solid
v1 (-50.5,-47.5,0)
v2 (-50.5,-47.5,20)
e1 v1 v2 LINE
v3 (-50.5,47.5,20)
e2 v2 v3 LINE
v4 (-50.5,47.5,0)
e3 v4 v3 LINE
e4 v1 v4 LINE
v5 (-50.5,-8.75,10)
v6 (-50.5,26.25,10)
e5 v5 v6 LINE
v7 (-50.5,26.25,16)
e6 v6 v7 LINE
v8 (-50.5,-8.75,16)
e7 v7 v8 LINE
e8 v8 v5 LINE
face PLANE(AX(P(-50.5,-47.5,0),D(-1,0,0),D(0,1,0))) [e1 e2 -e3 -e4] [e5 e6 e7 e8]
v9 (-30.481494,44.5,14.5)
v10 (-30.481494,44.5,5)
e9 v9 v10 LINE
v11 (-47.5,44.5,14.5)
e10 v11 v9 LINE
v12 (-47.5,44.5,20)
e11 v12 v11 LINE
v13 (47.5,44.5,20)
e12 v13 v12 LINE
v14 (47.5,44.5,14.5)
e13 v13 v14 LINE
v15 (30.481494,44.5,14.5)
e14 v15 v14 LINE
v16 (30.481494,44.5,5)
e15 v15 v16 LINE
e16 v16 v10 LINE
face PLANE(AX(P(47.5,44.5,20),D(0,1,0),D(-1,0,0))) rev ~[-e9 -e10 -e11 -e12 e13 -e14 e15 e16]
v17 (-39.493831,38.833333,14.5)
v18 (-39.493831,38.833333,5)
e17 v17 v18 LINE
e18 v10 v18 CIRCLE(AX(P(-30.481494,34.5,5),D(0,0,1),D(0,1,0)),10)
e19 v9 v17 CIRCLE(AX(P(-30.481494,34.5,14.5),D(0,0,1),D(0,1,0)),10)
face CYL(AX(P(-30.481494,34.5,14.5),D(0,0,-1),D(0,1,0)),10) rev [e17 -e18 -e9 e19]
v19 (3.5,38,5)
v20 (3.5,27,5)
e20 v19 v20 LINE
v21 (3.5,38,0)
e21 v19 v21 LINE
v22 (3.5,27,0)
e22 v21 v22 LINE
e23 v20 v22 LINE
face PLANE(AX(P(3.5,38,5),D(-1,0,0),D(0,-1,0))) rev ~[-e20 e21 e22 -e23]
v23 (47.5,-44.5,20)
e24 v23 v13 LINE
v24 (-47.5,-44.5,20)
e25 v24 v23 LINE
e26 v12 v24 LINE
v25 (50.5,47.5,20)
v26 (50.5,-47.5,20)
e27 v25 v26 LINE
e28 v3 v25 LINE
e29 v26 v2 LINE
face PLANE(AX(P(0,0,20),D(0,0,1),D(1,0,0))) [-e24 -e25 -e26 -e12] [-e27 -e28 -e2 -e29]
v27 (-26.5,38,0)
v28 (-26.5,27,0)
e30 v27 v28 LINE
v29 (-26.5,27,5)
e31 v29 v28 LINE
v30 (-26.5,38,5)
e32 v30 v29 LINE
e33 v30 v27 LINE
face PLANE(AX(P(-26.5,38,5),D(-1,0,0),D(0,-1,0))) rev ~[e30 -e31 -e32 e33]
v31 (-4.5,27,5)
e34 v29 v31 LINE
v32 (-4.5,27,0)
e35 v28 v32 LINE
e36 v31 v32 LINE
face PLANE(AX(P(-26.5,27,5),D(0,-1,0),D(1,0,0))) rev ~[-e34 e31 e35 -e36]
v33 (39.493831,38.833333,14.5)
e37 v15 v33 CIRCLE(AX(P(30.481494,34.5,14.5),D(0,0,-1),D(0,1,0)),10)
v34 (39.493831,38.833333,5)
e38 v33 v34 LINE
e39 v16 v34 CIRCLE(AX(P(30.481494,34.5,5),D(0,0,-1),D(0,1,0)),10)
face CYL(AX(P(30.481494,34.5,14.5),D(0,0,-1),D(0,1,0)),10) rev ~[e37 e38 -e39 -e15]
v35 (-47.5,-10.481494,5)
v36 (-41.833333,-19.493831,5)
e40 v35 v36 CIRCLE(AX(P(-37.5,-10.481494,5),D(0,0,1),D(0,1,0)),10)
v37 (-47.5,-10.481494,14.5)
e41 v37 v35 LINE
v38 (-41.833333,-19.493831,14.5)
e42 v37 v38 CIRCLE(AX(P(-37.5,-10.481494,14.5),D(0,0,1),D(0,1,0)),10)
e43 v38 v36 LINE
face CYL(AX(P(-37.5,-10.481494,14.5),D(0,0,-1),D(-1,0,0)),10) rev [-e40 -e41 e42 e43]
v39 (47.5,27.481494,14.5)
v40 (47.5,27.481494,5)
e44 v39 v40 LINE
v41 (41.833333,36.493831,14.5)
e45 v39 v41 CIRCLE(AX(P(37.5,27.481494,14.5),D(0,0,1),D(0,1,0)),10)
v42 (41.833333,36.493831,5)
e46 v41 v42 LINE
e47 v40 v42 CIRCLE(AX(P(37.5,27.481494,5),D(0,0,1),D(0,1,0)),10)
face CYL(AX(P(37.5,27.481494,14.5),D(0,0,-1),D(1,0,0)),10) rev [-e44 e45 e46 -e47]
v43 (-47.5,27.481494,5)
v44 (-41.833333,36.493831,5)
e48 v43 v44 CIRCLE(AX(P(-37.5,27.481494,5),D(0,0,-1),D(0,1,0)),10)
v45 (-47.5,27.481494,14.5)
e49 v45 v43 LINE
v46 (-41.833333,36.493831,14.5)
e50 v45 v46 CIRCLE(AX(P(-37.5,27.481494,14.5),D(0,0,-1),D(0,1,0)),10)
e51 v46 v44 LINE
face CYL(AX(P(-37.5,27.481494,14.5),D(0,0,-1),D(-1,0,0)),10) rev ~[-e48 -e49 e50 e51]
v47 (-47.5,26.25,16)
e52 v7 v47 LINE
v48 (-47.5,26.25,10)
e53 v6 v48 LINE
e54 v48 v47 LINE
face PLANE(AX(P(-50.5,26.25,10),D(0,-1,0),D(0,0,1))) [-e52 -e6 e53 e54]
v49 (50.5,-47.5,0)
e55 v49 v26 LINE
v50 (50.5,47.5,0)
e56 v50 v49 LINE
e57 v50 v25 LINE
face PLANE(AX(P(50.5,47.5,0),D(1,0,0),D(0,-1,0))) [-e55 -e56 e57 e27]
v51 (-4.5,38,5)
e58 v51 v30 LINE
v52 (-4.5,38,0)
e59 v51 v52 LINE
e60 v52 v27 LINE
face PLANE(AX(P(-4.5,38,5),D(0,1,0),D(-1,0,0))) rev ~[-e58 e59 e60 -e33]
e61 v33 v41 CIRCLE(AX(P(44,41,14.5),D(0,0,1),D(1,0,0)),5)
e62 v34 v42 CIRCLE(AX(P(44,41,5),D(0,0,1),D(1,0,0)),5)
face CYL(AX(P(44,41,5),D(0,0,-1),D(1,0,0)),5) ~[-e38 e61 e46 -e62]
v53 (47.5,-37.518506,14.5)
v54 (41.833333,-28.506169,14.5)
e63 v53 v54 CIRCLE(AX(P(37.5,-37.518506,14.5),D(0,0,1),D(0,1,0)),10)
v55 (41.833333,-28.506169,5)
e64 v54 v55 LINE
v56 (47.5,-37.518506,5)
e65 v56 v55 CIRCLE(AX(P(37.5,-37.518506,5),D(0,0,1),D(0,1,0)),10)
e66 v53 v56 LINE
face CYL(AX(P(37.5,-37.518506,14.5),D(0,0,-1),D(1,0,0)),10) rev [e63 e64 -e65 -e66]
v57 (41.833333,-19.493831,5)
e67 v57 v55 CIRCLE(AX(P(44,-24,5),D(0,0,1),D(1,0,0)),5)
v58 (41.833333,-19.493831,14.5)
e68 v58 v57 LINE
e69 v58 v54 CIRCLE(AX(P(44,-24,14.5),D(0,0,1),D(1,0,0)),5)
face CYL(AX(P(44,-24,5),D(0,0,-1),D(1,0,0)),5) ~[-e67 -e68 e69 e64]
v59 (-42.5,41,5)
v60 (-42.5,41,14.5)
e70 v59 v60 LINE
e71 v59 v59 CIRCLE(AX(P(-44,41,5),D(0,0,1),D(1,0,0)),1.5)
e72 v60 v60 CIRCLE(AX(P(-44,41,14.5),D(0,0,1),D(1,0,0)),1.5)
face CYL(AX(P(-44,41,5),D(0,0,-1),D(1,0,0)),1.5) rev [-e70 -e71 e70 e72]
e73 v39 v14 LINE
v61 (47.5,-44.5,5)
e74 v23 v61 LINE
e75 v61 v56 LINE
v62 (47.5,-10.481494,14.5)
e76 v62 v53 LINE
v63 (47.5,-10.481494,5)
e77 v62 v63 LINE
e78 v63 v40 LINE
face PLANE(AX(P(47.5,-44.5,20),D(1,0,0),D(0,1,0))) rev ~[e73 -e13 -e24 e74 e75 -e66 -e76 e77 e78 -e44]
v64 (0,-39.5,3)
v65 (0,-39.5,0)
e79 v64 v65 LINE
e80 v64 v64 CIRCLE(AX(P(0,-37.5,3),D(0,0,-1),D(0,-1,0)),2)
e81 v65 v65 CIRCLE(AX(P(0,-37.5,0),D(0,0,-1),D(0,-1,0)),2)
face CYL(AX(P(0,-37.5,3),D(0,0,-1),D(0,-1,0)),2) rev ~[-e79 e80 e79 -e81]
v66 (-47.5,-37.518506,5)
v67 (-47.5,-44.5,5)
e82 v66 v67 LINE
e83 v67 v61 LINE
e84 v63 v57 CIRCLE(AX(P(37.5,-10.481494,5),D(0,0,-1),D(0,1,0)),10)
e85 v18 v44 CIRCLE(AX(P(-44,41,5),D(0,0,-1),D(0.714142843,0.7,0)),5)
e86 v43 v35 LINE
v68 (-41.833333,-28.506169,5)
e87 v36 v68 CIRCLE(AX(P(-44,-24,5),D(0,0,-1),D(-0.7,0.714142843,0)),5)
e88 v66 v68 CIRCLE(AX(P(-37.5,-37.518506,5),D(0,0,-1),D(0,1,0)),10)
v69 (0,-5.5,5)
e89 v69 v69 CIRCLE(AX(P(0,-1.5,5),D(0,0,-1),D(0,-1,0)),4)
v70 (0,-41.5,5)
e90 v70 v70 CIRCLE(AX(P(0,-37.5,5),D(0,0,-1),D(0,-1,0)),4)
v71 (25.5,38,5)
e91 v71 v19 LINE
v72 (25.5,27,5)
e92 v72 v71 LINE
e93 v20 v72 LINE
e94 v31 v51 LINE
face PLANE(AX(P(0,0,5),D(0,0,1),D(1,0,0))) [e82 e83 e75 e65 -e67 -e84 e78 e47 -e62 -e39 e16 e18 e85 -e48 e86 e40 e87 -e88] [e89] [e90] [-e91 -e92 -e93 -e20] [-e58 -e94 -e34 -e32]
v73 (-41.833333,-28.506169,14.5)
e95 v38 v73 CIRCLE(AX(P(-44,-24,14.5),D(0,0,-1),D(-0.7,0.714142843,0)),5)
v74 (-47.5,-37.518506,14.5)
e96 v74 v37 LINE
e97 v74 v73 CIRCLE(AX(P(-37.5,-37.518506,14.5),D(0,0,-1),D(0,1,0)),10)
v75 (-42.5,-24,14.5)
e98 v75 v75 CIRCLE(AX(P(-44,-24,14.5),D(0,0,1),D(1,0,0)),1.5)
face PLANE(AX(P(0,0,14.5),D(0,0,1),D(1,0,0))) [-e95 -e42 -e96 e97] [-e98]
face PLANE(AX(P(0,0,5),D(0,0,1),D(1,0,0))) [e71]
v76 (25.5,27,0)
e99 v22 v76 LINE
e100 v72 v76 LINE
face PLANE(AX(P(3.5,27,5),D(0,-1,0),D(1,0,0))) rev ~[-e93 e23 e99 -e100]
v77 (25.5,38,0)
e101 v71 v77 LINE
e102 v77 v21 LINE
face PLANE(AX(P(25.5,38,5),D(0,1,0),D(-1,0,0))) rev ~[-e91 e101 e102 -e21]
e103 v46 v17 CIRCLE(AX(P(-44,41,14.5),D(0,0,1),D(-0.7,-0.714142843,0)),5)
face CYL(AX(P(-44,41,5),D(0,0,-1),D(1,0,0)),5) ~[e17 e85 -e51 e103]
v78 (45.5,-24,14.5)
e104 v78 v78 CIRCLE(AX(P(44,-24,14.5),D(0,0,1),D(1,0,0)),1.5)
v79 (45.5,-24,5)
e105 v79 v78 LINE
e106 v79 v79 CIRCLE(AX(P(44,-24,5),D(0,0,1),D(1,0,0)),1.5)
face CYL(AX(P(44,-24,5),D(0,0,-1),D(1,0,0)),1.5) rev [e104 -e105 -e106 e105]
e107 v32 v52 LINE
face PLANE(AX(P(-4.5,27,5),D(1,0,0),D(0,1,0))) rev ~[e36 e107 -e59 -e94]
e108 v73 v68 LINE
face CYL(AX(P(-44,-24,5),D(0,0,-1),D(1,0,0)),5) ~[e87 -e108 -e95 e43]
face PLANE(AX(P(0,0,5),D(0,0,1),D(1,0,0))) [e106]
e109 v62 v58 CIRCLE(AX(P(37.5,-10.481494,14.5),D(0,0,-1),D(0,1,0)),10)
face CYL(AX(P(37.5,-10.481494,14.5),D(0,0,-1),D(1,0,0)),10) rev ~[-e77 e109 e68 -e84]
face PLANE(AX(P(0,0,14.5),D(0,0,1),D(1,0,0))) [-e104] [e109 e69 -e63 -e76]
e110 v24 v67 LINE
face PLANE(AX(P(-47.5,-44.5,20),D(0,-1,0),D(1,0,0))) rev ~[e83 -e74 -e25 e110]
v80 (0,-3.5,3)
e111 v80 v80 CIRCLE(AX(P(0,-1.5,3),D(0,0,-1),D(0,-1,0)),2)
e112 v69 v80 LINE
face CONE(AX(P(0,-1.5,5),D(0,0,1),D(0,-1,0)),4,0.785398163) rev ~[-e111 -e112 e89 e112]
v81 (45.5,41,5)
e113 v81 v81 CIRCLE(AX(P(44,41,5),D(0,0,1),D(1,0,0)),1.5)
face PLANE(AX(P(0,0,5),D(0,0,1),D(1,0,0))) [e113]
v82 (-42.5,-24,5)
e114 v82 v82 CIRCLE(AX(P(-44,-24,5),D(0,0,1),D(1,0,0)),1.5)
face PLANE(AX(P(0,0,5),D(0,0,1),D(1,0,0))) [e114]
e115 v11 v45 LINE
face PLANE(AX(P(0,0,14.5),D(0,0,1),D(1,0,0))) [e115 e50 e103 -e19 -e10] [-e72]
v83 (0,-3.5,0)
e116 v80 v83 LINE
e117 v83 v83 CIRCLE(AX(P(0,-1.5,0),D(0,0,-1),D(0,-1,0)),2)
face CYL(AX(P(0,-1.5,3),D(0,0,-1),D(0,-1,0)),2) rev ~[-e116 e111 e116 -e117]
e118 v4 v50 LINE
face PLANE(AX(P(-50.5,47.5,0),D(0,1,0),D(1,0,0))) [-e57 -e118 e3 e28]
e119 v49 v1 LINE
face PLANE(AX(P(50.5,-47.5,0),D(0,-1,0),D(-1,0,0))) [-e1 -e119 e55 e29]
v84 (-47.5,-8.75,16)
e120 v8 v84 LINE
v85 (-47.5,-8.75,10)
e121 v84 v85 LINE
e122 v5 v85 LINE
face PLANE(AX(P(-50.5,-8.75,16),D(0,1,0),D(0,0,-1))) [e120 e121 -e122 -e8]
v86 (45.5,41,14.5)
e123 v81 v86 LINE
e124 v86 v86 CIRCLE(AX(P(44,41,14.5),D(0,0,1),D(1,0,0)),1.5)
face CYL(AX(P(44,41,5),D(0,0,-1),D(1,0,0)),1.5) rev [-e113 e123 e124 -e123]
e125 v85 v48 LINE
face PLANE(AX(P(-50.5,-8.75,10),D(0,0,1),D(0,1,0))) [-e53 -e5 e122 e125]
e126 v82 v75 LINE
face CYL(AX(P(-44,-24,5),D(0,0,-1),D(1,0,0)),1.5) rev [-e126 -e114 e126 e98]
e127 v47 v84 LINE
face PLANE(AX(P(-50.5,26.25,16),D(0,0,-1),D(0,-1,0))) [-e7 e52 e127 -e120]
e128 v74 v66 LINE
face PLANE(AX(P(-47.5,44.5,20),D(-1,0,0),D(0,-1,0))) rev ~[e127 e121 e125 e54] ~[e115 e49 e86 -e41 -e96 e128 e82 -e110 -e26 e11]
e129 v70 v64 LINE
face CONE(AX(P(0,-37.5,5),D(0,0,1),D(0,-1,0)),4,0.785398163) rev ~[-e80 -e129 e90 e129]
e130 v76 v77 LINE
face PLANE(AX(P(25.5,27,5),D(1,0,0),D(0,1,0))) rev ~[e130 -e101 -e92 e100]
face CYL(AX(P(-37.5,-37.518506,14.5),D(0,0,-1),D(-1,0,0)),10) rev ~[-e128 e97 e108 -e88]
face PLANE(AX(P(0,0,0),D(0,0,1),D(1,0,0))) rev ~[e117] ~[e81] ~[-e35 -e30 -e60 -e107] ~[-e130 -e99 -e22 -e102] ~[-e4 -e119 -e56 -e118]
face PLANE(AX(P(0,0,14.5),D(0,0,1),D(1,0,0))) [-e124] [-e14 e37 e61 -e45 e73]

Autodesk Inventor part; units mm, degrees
ref_plane "YZ Plane" through (0, 0, 0) normal (1, 0, 0) x (0, 1, 0)
ref_plane "XZ Plane" through (0, 0, 0) normal (0, 1, 0) x (-1, 0, 0)
ref_plane "XY Plane" through (0, 0, 0) normal (0, 0, 1) x (1, 0, 0)
sketch "Sketch1" plane through (0, 0, 0) normal (0, 0, 1) x (1, 0, 0)
  line L0 (-50.5, 47.5) -> (50.5, 47.5)
  line L1 (50.5, 47.5) -> (50.5, -47.5)
  line L2 (50.5, -47.5) -> (-50.5, -47.5)
  line L3 (-50.5, -47.5) -> (-50.5, 47.5)
  point P0 (0, 0)
  point P1 (0, 47.5)
  point P2 (-50.5, 0)
  dimension "d0" = 95
  dimension "d1" = 101
extrude "Extrusion1" add sketch "Sketch1" along normal blind 20
sketch "Sketch2" plane through (0, 0, 20) normal (0, 0, 1) x (1, 0, 0)
  line L0 (-50.5, 47.5) -> (-50.5, -47.5) projected
  line L1 (-50.5, -47.5) -> (50.5, -47.5) projected
  line L2 (50.5, -47.5) -> (50.5, 47.5) projected
  line L3 (50.5, 47.5) -> (-50.5, 47.5) projected
  line L4 (-47.5, 44.5) -> (-47.5, -44.5)
  line L5 (-47.5, -44.5) -> (47.5, -44.5)
  line L6 (47.5, -44.5) -> (47.5, 44.5)
  line L7 (47.5, 44.5) -> (-47.5, 44.5)
  point P0 (0, 0)
  dimension "d4" = 3
extrude "Extrusion2" cut sketch "Sketch2" against normal blind 15 contours L7 L6 L5 L4
sketch "Sketch3" plane through (0, 0, 5) normal (0, 0, 1) x (1, 0, 0)
  line L0 (-25.5, 37) -> (-5.5, 37) projected
  line L1 (-25.5, 28) -> (-25.5, 37) projected
  line L2 (-5.5, 28) -> (-25.5, 28) projected
  line L3 (-5.5, 37) -> (-5.5, 28) projected
  line L4 (4.5, 37) -> (24.5, 37) projected
  line L5 (4.5, 28) -> (4.5, 37) projected
  line L6 (24.5, 28) -> (4.5, 28) projected
  line L7 (24.5, 37) -> (24.5, 28) projected
  line L8 (-4.5, 38) -> (-26.5, 38)
  line L9 (-26.5, 38) -> (-26.5, 27)
  line L10 (-26.5, 27) -> (-4.5, 27)
  line L11 (-4.5, 27) -> (-4.5, 38)
  line L12 (25.5, 38) -> (3.5, 38)
  line L13 (3.5, 38) -> (3.5, 27)
  line L14 (3.5, 27) -> (25.5, 27)
  line L15 (25.5, 27) -> (25.5, 38)
  point P0 (0, 0)
  dimension "d7" = 1
  dimension "d8" = 1
extrude "Extrusion3" cut sketch "Sketch3" against normal through all contours L0 L3 L2 L1 | L4 L7 L6 L5 | L11 L10 L9 L8 | L15 L14 L13 L12
sketch "Sketch4" plane through (0, 0, 5) normal (0, 0, 1) x (1, 0, 0)
  circle A0 centre (-44, -24) radius 1.5 projected
  circle A1 centre (44, -24) radius 1.5 projected
  circle A2 centre (44, 41) radius 1.5 projected
  circle A3 centre (-44, 41) radius 1.5 projected
  circle A4 centre (-44, -24) radius 5
  circle A5 centre (44, -24) radius 5
  circle A6 centre (-44, 41) radius 5
  circle A7 centre (44, 41) radius 5
  point P0 (0, 0)
  dimension "d11" = 10
  dimension "d12" = 10
  dimension "d13" = 10
  dimension "d14" = 10
extrude "Extrusion4" add sketch "Sketch4" along normal blind 9.5
fillet "Fillet1" radius 10 8 edges at (-47.5, -27.5707, 9.75) (-47.5, -20.4293, 9.75) (47.5, -20.4293, 9.75) (47.5, -27.5707, 9.75) (47.5, 37.4293, 9.75) (40.4293, 44.5, 9.75) (-40.4293, 44.5, 9.75) (-47.5, 37.4293, 9.75)
sketch "Sketch7" plane through (-50.5, -47.5, 0) normal (-1, 0, 0) x (0, 0, 1)
  line L0 (10, 73.75) -> (16, 73.75)
  line L1 (16, 73.75) -> (16, 38.75)
  line L2 (16, 38.75) -> (10, 38.75)
  line L3 (10, 38.75) -> (10, 73.75)
  line L4 (20, 95) -> (20, 0) projected
  line L5 (0, 0) -> (20, 0) projected
  point P0 (0, 47.5)
  dimension "d18" = 6
  dimension "d19" = 35
  dimension "d20" = 4
  dimension "d21" = 38.75
extrude "Extrusion5" cut sketch "Sketch7" against normal up to surface (3 mm away)
sketch "Sketch9" plane through (0, 0, 5) normal (0, 0, 1) x (1, 0, 0)
  circle A0 centre (0, -1.5) radius 2.5 construction
  circle A1 centre (0, -37.5) radius 2.5 construction
  point P0 (0, 0)
hole "Hole2" at (0, -1.5, 5) at (0, -37.5, 5) direction (0, 0, -1) diameter 4 end through all countersink diameter 8 countersink angle 90
properties part number "10-06-004 carcasa spate"
